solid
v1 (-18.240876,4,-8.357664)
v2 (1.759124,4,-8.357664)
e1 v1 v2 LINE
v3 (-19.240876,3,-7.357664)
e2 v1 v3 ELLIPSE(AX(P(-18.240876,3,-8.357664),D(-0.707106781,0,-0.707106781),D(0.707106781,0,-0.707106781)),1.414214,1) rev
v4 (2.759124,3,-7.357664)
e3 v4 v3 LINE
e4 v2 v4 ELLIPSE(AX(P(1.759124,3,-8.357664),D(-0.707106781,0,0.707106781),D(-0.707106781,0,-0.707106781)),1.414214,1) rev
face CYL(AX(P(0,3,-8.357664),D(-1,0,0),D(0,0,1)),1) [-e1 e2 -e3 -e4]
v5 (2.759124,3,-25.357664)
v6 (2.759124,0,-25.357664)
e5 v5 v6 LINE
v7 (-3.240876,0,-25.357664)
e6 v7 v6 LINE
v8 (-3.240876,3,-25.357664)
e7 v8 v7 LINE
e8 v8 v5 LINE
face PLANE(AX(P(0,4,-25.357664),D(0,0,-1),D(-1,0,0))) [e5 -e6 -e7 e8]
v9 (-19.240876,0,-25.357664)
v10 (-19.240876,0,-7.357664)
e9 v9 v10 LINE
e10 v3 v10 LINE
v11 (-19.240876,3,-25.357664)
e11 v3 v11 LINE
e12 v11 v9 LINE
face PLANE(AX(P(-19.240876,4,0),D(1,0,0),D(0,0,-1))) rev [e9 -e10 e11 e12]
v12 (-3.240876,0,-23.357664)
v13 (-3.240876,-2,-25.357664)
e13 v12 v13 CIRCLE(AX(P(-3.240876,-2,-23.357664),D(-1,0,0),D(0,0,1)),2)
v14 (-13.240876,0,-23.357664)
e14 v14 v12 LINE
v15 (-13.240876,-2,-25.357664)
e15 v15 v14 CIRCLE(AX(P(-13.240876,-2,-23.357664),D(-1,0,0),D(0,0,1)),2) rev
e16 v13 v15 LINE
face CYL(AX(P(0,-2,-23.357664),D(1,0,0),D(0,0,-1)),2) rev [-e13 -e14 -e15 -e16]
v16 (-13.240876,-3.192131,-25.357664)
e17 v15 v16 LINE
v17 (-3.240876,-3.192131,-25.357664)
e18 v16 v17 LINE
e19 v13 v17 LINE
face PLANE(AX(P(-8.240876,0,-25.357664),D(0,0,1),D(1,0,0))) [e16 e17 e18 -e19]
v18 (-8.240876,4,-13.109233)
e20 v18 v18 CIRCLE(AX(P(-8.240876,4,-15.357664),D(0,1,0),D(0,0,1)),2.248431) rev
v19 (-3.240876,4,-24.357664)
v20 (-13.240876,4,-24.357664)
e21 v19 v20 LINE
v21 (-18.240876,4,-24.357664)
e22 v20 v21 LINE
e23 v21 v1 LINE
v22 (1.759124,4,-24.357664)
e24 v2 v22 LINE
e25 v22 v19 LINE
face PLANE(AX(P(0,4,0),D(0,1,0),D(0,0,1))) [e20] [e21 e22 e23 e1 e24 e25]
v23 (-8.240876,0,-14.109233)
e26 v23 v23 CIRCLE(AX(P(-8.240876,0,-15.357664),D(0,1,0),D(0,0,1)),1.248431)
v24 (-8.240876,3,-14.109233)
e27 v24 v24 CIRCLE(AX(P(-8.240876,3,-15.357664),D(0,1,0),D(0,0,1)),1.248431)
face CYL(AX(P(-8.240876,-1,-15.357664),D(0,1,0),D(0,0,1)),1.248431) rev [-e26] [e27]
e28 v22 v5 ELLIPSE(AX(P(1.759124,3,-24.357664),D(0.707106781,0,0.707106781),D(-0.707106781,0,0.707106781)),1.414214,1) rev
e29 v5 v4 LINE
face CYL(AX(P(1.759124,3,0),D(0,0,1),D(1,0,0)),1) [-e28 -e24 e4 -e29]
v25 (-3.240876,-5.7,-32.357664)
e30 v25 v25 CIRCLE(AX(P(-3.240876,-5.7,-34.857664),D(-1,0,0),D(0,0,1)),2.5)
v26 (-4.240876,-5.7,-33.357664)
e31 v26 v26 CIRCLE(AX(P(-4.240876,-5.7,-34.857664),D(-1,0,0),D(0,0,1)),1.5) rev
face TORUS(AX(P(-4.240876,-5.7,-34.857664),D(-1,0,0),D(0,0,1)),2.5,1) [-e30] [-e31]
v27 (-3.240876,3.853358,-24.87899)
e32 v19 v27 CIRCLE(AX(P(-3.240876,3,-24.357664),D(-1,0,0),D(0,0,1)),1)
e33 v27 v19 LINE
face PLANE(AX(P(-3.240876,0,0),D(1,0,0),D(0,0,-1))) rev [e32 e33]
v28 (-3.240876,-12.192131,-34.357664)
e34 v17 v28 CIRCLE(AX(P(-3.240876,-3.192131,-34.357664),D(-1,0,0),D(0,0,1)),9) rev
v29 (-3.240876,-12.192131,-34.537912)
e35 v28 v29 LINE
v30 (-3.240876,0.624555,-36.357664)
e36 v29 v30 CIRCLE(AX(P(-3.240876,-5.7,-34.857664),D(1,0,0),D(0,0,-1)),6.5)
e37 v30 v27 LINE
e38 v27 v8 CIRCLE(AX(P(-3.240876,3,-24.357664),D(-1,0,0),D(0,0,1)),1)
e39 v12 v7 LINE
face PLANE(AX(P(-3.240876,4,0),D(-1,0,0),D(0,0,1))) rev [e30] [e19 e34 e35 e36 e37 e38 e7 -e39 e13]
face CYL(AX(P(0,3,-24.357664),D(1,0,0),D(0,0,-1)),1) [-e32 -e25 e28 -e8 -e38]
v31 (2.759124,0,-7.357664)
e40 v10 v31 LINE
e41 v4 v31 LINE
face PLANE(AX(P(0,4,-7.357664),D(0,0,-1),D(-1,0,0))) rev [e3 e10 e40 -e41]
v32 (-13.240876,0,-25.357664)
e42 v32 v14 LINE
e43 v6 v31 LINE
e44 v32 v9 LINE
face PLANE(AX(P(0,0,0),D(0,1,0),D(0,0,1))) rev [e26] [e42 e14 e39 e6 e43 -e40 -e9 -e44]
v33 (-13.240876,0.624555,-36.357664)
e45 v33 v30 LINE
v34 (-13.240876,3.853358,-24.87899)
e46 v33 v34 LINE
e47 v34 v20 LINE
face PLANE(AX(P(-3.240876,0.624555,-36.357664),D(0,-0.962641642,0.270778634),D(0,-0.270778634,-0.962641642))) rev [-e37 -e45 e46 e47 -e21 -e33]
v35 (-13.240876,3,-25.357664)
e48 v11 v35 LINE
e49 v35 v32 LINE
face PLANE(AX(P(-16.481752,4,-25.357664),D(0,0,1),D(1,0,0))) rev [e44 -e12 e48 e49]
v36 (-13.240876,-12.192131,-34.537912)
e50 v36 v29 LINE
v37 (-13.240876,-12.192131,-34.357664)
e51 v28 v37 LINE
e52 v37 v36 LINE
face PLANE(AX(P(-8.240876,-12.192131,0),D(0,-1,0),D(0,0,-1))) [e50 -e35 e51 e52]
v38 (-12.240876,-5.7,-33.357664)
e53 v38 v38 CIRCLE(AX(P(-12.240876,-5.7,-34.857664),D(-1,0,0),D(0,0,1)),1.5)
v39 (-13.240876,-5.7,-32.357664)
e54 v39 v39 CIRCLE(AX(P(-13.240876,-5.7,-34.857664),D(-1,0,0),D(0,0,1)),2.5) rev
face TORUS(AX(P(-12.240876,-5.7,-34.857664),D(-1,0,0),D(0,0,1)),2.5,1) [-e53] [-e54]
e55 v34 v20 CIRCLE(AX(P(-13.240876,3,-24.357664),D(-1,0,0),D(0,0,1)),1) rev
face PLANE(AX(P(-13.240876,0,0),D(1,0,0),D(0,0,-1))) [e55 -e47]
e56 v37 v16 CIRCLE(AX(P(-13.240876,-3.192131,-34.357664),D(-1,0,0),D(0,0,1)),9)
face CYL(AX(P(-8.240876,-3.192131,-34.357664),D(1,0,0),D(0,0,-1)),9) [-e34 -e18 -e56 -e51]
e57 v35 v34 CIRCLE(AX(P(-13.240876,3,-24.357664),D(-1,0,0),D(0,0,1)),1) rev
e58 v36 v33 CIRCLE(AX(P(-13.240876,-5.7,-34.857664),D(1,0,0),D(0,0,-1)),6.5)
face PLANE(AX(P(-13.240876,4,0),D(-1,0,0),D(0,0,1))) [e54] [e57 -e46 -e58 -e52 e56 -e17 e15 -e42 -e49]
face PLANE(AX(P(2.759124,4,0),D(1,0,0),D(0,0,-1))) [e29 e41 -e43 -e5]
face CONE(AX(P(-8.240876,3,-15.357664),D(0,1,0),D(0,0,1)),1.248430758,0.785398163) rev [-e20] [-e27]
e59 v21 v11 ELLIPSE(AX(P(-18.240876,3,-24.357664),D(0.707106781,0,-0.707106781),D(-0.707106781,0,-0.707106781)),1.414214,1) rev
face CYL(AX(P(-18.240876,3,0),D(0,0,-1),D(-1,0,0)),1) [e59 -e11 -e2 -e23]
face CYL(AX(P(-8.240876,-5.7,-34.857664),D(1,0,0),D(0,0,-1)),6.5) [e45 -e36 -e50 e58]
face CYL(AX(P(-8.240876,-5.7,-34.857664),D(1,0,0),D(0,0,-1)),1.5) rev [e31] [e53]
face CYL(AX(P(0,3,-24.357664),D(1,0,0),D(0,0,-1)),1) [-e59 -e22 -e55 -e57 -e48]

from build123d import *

# Parameters (mm, degrees)
SKETCH1_W           = 11
SKETCH1_H           = 18
SKETCH1_W_2         = 5
SKETCH1_H_2         = 11
BOSS_EXTRUDE1_DEPTH = 4
BOSS_EXTRUDE2_DEPTH = 5
SKETCH3_R           = 1.248430758
CUT_EXTRUDE1_DEPTH  = 5
FILLET1_R           = 1
FILLET3_R           = 2
FILLET4_R           = 9
CUT_EXTRUDE2_DEPTH  = 10
CHAMFER2_SIZE       = 1


with BuildPart() as part:
    # Sketch1 → Boss-Extrude1 (new body)
    with BuildSketch(Plane(origin=(0, 0, 0), x_dir=(1, 0, 0), z_dir=(0, 1, 0))):
        with Locations((-2.740875912, 16.357664234)):
            Rectangle(SKETCH1_W, SKETCH1_H)
        with Locations((-5.740875912, 30.857664234)):
            Rectangle(SKETCH1_W_2, SKETCH1_H_2)
    boss_extrude1 = extrude(amount=BOSS_EXTRUDE1_DEPTH)

    # Sketch2 → Boss-Extrude2 (add)
    with BuildSketch(Plane(origin=(-3.240875912, 0, 0), x_dir=(0, 0, -1), z_dir=(1, 0, 0))):
        with BuildLine():
            Line((34.537911903, 0), (25.357664234, 0))
            Line((25.357664234, 0), (25.357664234, -12.192130501))
            Line((25.357664234, -12.192130501), (34.537911903, -12.192130501))
            Line((34.537911903, -12.192130501), (34.537911903, -7.165523267))
            ThreePointArc((34.537911903, -7.165523267), (33.357664234, -5.7), (34.537911903, -4.234476733))
            Line((34.537911903, -4.234476733), (34.537911903, 0))
        make_face()
        with BuildLine():
            Line((36.357664234, 0), (34.537911903, 0))
            Line((34.537911903, 0), (34.537911903, -4.234476733))
            ThreePointArc((34.537911903, -4.234476733), (35.798507341, -4.531747353), (36.357664234, -5.7))
            ThreePointArc((36.357664234, -5.7), (35.798507341, -6.868252647), (34.537911903, -7.165523267))
            Line((34.537911903, -7.165523267), (34.537911903, -12.192130501))
            ThreePointArc((34.537911903, -12.192130501), (41.293121094, -6.613725887), (36.357664234, 0.62455532))
            Line((36.357664234, 0.62455532), (36.357664234, 0))
        make_face()
    boss_extrude2 = extrude(amount=-BOSS_EXTRUDE2_DEPTH)

    # Mirror1: Boss-Extrude1, Boss-Extrude2 across plane
    add(boss_extrude1.mirror(Plane(origin=(-8.240875912, 4, 0), x_dir=(0, 0, 1), z_dir=(1, 0, 0))))
    add(boss_extrude2.mirror(Plane(origin=(-8.240875912, 4, 0), x_dir=(0, 0, 1), z_dir=(1, 0, 0))))

    # Sketch3 → Cut-Extrude1 (cut)
    with BuildSketch(Plane(origin=(0, 4, 0), x_dir=(1, 0, 0), z_dir=(0, 1, 0))):
        with Locations(Location((-8.240875912, 15.357664234, 0), (0, 0, 270))):
            Circle(SKETCH3_R)
    extrude(amount=-CUT_EXTRUDE1_DEPTH, mode=Mode.SUBTRACT)

    # Fillet1
    fillet1_edges = [part.edges().sort_by_distance(p)[0] for p in [
        (-0.240875912, 4, -25.357664234),
        (-3.240875912, -4.234476733, -35.177416564),
        (-8.240875912, 4, -7.357664234),
        (-19.240875912, 4, -16.357664234),
        (-16.240875912, 4, -25.357664234),
        (2.759124088, 4, -16.357664234),
        (-13.240875912, -4.234476733, -35.177416564),
    ]]
    fillet(fillet1_edges, radius=FILLET1_R)

    # Fillet3
    fillet3_edges = [part.edges().sort_by_distance(p)[0] for p in [
        (-8.240875912, 0, -25.357664234),
    ]]
    fillet(fillet3_edges, radius=FILLET3_R)

    # Fillet4
    fillet4_edges = [part.edges().sort_by_distance(p)[0] for p in [
        (-8.240875912, -12.192130501, -25.357664234),
    ]]
    fillet(fillet4_edges, radius=FILLET4_R)

    # Sketch4 → Cut-Extrude2 (cut)
    with BuildSketch(Plane.ZY.offset(13.240875912)):
        Polygon((-36.357664234, 0.62455532), (-24.357664234, 4), (-36.357664234, 4), align=None)
    extrude(amount=-CUT_EXTRUDE2_DEPTH, mode=Mode.SUBTRACT)

    # Chamfer2
    chamfer2_edges = [part.edges().sort_by_distance(p)[0] for p in [
        (-8.240875912, 4, -16.606094992),
    ]]
    chamfer(chamfer2_edges, length=CHAMFER2_SIZE)


solid = part.part
